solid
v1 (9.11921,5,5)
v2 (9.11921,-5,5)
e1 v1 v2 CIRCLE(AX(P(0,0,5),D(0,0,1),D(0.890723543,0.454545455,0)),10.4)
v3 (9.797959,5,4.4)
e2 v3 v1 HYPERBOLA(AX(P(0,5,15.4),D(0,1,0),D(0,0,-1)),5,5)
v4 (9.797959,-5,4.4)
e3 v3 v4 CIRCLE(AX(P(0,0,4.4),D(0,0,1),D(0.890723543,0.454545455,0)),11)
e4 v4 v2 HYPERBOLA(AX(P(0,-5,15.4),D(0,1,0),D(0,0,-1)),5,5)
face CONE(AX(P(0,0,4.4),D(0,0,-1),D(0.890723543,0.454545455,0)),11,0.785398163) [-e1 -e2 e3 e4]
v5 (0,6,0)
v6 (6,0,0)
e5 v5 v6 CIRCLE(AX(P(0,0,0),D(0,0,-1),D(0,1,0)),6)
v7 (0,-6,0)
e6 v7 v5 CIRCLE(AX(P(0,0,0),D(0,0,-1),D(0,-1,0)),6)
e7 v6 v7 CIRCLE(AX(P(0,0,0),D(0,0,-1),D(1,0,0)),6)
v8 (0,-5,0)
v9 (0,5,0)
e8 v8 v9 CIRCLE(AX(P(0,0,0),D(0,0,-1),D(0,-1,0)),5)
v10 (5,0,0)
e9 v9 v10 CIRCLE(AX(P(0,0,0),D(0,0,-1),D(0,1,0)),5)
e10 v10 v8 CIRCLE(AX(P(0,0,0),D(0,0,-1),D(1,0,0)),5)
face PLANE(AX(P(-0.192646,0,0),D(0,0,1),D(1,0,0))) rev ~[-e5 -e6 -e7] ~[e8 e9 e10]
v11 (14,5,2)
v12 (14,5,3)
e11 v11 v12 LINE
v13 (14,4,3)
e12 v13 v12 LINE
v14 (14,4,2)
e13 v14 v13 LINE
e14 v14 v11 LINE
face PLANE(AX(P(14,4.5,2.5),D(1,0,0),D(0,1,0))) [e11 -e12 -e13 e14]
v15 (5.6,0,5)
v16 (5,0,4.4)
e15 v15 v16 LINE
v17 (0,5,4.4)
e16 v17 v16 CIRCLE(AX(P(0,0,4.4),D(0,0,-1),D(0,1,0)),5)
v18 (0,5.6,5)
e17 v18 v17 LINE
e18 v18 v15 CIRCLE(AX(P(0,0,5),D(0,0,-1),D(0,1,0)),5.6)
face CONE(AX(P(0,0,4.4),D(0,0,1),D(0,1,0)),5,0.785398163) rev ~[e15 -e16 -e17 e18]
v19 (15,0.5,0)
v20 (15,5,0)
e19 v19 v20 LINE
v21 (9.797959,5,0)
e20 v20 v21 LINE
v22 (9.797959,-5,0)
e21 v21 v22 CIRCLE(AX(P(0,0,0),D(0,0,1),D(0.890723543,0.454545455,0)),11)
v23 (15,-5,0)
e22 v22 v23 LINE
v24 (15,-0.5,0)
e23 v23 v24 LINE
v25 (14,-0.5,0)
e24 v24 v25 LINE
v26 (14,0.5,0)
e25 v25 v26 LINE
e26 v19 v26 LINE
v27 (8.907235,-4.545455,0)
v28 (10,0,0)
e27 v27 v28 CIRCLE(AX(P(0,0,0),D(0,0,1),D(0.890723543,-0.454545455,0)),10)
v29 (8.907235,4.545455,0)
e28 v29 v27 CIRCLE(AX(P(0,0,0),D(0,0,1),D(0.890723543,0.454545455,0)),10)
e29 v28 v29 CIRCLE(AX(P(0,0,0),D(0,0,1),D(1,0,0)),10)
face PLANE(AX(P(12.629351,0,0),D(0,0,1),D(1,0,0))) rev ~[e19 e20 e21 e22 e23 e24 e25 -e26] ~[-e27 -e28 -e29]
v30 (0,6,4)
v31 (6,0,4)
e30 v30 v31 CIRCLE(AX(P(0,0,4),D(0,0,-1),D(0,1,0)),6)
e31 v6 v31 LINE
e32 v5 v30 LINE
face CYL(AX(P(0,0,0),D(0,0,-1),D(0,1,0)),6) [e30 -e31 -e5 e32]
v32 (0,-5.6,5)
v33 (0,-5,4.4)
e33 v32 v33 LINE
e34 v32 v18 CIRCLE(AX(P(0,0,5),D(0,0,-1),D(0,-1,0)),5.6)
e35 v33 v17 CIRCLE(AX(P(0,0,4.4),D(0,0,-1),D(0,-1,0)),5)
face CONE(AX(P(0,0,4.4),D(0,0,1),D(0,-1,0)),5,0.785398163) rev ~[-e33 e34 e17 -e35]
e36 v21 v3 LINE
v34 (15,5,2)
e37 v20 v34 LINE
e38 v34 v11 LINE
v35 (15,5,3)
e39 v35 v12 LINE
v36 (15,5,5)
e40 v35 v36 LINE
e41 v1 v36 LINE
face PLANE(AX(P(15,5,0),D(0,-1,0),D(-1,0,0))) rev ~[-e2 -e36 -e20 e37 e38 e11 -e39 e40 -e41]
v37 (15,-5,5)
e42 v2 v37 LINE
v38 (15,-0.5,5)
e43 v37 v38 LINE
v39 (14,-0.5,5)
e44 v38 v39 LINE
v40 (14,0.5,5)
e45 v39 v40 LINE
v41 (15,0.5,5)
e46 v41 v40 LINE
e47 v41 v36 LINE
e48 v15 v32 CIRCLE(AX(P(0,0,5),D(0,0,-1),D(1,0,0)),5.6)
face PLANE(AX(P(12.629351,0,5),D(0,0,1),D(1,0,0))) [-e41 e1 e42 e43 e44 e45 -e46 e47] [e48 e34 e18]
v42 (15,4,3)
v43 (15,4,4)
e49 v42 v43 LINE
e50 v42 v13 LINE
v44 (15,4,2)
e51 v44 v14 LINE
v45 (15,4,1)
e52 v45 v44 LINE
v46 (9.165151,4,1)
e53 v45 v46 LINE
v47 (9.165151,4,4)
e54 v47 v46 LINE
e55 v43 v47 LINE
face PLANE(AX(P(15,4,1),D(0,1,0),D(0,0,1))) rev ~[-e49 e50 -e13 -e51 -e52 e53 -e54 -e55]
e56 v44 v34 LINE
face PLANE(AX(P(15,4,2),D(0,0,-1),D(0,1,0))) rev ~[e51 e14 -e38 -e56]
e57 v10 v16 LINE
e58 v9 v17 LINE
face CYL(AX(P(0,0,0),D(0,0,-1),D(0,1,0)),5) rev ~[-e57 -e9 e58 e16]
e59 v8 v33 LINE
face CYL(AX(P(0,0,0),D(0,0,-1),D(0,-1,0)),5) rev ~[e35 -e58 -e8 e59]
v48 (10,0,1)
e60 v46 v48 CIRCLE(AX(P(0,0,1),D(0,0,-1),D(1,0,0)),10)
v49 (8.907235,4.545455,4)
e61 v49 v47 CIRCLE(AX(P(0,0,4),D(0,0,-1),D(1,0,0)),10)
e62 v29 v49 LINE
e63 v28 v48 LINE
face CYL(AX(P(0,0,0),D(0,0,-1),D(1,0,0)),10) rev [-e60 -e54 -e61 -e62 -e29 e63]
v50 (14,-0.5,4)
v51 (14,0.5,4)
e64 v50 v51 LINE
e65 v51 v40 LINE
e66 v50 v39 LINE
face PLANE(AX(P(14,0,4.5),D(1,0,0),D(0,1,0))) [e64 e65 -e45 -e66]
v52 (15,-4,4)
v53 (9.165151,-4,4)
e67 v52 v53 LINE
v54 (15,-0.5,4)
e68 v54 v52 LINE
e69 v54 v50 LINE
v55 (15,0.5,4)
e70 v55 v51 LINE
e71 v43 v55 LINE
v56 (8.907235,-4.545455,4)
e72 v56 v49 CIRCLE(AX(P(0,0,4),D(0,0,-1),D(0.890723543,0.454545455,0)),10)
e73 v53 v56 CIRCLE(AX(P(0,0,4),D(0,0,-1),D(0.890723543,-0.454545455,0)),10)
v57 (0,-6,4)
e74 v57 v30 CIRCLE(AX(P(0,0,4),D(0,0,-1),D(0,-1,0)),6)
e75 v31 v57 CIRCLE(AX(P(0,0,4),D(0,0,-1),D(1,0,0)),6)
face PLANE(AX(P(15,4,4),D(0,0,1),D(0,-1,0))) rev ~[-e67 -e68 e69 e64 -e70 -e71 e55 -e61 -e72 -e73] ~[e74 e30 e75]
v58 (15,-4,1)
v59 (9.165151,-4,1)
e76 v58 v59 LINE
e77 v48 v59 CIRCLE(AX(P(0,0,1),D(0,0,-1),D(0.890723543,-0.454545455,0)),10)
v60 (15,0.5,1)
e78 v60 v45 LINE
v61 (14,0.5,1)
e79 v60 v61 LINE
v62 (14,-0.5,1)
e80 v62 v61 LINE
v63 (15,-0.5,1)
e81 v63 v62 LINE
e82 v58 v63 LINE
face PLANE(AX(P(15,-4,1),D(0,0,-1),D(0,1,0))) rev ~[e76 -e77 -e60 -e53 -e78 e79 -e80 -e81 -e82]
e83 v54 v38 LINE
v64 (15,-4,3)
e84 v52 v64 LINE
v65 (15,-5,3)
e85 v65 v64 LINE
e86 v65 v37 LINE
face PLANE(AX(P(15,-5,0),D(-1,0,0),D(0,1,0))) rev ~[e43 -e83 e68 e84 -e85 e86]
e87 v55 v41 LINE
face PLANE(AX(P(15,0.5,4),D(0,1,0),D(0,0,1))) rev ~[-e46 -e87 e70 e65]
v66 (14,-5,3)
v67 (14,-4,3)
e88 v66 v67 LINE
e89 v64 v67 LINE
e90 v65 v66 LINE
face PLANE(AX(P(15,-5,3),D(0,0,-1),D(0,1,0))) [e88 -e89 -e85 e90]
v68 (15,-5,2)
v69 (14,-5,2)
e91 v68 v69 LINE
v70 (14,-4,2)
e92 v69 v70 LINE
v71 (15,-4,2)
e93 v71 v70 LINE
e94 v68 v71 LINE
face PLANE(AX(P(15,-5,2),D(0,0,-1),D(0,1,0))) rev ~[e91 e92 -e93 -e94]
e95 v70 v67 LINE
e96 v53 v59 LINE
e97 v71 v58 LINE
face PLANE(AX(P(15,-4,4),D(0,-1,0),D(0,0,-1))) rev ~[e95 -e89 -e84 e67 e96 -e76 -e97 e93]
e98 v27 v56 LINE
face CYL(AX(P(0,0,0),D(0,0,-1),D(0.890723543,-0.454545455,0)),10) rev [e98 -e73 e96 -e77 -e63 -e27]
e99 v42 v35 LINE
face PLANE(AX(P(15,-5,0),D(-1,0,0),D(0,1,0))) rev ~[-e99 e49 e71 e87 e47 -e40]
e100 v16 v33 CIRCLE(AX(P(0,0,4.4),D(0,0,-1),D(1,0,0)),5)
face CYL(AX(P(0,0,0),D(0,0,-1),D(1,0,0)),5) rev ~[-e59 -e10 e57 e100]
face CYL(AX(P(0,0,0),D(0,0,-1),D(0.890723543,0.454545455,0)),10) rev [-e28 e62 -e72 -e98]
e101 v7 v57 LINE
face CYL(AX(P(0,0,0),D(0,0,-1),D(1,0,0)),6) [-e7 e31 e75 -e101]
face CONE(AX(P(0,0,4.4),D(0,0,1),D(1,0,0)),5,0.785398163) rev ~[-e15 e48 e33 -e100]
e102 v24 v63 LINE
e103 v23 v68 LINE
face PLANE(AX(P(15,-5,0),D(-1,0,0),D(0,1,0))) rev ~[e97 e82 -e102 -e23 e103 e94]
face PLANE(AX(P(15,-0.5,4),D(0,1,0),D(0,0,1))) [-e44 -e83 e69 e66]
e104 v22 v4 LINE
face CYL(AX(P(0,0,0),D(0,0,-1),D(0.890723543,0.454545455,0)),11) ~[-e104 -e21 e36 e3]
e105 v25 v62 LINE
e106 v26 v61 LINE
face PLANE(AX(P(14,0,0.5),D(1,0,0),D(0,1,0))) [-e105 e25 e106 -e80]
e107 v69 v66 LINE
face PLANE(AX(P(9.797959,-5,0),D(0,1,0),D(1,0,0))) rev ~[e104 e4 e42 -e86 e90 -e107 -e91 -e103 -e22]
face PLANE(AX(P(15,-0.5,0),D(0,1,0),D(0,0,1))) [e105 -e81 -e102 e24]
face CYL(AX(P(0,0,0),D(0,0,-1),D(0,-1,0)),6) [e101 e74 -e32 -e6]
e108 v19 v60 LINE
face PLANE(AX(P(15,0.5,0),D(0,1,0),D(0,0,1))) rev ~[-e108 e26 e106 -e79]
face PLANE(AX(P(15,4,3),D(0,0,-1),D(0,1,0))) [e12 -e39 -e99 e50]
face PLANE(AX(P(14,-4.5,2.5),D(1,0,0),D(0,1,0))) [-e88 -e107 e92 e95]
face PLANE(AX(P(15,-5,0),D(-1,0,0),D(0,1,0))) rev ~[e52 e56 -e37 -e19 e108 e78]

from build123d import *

# Parameters (mm, degrees)
F1_DEPTH = 5
F2_T     = -1
F3_DEPTH = 5
F5_DEPTH = 5.8358486101
F6_SIZE  = 0.6
F4_W     = 1
F4_H     = 1
F7_DEPTH = 1


with BuildPart() as f1:
    # F0 (on Top) → F1 (new body)
    with BuildSketch(Plane.XY):
        with BuildLine():
            ThreePointArc((0, -5), (-5, 0), (0, 5))
            Line((0, 5), (9.7979589711, 5))
            ThreePointArc((9.7979589711, 5), (-11, 0), (9.7979589711, -5))
            Line((9.7979589711, -5), (0, -5))
        make_face()
        with BuildLine():
            ThreePointArc((0, 5), (3.5355339059, 3.5355339059), (5, 0))
            ThreePointArc((5, 0), (3.5355339059, -3.5355339059), (0, -5))
            Line((0, -5), (9.7979589711, -5))
            ThreePointArc((9.7979589711, -5), (10.695268783, -2.5712303784), (11, 0))
            ThreePointArc((11, 0), (10.695268783, 2.5712303784), (9.7979589711, 5))
            Line((9.7979589711, 5), (0, 5))
        make_face()
    extrude(amount=F1_DEPTH)

    # F2
    f2_openings = [f1.faces().sort_by_distance(p)[0] for p in [
        (-9.520831, 4.858579, 0),
    ]]
    offset(amount=F2_T, openings=f2_openings)

    # F0 (on Top) → F3 (join)
    with BuildSketch(Plane.XY):
        with BuildLine():
            Line((15, 5), (9.7979589711, 5))
            ThreePointArc((9.7979589711, 5), (10.695268783, 2.5712303784), (11, 0))
            ThreePointArc((11, 0), (10.695268783, -2.5712303784), (9.7979589711, -5))
            Line((9.7979589711, -5), (15, -5))
            Line((15, -5), (15, 5))
        make_face()
    extrude(amount=F3_DEPTH)

    # F4 (on face) → F5 (cut, through all)
    with BuildSketch(Plane.YZ.offset(15)):
        Polygon((-4, 2), (-4, 1), (-0.5, 1), (0.5, 1), (4, 1), (4, 2), (4, 3), (4, 4), (0.5, 4), (-0.5, 4), (-4, 4), (-4, 3), align=None)
    extrude(amount=-F5_DEPTH, mode=Mode.SUBTRACT)

    # F6
    f6_edges = [f1.edges().sort_by_distance(p)[0] for p in [
        (-11, 0, 5),
        (0, -5, 5),
    ]]
    chamfer(f6_edges, length=F6_SIZE)

    # F4 (on face) → F7 (cut)
    with BuildSketch(Plane.YZ.offset(15)):
        with Locations((0, 4.5)):
            Rectangle(F4_W, F4_H)
        with Locations((-4.5, 2.5)):
            Rectangle(F4_W, F4_H)
        with Locations((0, 0.5)):
            Rectangle(F4_W, F4_H)
        with Locations((4.5, 2.5)):
            Rectangle(F4_W, F4_H)
    extrude(amount=-F7_DEPTH, mode=Mode.SUBTRACT)


solid = f1.part
